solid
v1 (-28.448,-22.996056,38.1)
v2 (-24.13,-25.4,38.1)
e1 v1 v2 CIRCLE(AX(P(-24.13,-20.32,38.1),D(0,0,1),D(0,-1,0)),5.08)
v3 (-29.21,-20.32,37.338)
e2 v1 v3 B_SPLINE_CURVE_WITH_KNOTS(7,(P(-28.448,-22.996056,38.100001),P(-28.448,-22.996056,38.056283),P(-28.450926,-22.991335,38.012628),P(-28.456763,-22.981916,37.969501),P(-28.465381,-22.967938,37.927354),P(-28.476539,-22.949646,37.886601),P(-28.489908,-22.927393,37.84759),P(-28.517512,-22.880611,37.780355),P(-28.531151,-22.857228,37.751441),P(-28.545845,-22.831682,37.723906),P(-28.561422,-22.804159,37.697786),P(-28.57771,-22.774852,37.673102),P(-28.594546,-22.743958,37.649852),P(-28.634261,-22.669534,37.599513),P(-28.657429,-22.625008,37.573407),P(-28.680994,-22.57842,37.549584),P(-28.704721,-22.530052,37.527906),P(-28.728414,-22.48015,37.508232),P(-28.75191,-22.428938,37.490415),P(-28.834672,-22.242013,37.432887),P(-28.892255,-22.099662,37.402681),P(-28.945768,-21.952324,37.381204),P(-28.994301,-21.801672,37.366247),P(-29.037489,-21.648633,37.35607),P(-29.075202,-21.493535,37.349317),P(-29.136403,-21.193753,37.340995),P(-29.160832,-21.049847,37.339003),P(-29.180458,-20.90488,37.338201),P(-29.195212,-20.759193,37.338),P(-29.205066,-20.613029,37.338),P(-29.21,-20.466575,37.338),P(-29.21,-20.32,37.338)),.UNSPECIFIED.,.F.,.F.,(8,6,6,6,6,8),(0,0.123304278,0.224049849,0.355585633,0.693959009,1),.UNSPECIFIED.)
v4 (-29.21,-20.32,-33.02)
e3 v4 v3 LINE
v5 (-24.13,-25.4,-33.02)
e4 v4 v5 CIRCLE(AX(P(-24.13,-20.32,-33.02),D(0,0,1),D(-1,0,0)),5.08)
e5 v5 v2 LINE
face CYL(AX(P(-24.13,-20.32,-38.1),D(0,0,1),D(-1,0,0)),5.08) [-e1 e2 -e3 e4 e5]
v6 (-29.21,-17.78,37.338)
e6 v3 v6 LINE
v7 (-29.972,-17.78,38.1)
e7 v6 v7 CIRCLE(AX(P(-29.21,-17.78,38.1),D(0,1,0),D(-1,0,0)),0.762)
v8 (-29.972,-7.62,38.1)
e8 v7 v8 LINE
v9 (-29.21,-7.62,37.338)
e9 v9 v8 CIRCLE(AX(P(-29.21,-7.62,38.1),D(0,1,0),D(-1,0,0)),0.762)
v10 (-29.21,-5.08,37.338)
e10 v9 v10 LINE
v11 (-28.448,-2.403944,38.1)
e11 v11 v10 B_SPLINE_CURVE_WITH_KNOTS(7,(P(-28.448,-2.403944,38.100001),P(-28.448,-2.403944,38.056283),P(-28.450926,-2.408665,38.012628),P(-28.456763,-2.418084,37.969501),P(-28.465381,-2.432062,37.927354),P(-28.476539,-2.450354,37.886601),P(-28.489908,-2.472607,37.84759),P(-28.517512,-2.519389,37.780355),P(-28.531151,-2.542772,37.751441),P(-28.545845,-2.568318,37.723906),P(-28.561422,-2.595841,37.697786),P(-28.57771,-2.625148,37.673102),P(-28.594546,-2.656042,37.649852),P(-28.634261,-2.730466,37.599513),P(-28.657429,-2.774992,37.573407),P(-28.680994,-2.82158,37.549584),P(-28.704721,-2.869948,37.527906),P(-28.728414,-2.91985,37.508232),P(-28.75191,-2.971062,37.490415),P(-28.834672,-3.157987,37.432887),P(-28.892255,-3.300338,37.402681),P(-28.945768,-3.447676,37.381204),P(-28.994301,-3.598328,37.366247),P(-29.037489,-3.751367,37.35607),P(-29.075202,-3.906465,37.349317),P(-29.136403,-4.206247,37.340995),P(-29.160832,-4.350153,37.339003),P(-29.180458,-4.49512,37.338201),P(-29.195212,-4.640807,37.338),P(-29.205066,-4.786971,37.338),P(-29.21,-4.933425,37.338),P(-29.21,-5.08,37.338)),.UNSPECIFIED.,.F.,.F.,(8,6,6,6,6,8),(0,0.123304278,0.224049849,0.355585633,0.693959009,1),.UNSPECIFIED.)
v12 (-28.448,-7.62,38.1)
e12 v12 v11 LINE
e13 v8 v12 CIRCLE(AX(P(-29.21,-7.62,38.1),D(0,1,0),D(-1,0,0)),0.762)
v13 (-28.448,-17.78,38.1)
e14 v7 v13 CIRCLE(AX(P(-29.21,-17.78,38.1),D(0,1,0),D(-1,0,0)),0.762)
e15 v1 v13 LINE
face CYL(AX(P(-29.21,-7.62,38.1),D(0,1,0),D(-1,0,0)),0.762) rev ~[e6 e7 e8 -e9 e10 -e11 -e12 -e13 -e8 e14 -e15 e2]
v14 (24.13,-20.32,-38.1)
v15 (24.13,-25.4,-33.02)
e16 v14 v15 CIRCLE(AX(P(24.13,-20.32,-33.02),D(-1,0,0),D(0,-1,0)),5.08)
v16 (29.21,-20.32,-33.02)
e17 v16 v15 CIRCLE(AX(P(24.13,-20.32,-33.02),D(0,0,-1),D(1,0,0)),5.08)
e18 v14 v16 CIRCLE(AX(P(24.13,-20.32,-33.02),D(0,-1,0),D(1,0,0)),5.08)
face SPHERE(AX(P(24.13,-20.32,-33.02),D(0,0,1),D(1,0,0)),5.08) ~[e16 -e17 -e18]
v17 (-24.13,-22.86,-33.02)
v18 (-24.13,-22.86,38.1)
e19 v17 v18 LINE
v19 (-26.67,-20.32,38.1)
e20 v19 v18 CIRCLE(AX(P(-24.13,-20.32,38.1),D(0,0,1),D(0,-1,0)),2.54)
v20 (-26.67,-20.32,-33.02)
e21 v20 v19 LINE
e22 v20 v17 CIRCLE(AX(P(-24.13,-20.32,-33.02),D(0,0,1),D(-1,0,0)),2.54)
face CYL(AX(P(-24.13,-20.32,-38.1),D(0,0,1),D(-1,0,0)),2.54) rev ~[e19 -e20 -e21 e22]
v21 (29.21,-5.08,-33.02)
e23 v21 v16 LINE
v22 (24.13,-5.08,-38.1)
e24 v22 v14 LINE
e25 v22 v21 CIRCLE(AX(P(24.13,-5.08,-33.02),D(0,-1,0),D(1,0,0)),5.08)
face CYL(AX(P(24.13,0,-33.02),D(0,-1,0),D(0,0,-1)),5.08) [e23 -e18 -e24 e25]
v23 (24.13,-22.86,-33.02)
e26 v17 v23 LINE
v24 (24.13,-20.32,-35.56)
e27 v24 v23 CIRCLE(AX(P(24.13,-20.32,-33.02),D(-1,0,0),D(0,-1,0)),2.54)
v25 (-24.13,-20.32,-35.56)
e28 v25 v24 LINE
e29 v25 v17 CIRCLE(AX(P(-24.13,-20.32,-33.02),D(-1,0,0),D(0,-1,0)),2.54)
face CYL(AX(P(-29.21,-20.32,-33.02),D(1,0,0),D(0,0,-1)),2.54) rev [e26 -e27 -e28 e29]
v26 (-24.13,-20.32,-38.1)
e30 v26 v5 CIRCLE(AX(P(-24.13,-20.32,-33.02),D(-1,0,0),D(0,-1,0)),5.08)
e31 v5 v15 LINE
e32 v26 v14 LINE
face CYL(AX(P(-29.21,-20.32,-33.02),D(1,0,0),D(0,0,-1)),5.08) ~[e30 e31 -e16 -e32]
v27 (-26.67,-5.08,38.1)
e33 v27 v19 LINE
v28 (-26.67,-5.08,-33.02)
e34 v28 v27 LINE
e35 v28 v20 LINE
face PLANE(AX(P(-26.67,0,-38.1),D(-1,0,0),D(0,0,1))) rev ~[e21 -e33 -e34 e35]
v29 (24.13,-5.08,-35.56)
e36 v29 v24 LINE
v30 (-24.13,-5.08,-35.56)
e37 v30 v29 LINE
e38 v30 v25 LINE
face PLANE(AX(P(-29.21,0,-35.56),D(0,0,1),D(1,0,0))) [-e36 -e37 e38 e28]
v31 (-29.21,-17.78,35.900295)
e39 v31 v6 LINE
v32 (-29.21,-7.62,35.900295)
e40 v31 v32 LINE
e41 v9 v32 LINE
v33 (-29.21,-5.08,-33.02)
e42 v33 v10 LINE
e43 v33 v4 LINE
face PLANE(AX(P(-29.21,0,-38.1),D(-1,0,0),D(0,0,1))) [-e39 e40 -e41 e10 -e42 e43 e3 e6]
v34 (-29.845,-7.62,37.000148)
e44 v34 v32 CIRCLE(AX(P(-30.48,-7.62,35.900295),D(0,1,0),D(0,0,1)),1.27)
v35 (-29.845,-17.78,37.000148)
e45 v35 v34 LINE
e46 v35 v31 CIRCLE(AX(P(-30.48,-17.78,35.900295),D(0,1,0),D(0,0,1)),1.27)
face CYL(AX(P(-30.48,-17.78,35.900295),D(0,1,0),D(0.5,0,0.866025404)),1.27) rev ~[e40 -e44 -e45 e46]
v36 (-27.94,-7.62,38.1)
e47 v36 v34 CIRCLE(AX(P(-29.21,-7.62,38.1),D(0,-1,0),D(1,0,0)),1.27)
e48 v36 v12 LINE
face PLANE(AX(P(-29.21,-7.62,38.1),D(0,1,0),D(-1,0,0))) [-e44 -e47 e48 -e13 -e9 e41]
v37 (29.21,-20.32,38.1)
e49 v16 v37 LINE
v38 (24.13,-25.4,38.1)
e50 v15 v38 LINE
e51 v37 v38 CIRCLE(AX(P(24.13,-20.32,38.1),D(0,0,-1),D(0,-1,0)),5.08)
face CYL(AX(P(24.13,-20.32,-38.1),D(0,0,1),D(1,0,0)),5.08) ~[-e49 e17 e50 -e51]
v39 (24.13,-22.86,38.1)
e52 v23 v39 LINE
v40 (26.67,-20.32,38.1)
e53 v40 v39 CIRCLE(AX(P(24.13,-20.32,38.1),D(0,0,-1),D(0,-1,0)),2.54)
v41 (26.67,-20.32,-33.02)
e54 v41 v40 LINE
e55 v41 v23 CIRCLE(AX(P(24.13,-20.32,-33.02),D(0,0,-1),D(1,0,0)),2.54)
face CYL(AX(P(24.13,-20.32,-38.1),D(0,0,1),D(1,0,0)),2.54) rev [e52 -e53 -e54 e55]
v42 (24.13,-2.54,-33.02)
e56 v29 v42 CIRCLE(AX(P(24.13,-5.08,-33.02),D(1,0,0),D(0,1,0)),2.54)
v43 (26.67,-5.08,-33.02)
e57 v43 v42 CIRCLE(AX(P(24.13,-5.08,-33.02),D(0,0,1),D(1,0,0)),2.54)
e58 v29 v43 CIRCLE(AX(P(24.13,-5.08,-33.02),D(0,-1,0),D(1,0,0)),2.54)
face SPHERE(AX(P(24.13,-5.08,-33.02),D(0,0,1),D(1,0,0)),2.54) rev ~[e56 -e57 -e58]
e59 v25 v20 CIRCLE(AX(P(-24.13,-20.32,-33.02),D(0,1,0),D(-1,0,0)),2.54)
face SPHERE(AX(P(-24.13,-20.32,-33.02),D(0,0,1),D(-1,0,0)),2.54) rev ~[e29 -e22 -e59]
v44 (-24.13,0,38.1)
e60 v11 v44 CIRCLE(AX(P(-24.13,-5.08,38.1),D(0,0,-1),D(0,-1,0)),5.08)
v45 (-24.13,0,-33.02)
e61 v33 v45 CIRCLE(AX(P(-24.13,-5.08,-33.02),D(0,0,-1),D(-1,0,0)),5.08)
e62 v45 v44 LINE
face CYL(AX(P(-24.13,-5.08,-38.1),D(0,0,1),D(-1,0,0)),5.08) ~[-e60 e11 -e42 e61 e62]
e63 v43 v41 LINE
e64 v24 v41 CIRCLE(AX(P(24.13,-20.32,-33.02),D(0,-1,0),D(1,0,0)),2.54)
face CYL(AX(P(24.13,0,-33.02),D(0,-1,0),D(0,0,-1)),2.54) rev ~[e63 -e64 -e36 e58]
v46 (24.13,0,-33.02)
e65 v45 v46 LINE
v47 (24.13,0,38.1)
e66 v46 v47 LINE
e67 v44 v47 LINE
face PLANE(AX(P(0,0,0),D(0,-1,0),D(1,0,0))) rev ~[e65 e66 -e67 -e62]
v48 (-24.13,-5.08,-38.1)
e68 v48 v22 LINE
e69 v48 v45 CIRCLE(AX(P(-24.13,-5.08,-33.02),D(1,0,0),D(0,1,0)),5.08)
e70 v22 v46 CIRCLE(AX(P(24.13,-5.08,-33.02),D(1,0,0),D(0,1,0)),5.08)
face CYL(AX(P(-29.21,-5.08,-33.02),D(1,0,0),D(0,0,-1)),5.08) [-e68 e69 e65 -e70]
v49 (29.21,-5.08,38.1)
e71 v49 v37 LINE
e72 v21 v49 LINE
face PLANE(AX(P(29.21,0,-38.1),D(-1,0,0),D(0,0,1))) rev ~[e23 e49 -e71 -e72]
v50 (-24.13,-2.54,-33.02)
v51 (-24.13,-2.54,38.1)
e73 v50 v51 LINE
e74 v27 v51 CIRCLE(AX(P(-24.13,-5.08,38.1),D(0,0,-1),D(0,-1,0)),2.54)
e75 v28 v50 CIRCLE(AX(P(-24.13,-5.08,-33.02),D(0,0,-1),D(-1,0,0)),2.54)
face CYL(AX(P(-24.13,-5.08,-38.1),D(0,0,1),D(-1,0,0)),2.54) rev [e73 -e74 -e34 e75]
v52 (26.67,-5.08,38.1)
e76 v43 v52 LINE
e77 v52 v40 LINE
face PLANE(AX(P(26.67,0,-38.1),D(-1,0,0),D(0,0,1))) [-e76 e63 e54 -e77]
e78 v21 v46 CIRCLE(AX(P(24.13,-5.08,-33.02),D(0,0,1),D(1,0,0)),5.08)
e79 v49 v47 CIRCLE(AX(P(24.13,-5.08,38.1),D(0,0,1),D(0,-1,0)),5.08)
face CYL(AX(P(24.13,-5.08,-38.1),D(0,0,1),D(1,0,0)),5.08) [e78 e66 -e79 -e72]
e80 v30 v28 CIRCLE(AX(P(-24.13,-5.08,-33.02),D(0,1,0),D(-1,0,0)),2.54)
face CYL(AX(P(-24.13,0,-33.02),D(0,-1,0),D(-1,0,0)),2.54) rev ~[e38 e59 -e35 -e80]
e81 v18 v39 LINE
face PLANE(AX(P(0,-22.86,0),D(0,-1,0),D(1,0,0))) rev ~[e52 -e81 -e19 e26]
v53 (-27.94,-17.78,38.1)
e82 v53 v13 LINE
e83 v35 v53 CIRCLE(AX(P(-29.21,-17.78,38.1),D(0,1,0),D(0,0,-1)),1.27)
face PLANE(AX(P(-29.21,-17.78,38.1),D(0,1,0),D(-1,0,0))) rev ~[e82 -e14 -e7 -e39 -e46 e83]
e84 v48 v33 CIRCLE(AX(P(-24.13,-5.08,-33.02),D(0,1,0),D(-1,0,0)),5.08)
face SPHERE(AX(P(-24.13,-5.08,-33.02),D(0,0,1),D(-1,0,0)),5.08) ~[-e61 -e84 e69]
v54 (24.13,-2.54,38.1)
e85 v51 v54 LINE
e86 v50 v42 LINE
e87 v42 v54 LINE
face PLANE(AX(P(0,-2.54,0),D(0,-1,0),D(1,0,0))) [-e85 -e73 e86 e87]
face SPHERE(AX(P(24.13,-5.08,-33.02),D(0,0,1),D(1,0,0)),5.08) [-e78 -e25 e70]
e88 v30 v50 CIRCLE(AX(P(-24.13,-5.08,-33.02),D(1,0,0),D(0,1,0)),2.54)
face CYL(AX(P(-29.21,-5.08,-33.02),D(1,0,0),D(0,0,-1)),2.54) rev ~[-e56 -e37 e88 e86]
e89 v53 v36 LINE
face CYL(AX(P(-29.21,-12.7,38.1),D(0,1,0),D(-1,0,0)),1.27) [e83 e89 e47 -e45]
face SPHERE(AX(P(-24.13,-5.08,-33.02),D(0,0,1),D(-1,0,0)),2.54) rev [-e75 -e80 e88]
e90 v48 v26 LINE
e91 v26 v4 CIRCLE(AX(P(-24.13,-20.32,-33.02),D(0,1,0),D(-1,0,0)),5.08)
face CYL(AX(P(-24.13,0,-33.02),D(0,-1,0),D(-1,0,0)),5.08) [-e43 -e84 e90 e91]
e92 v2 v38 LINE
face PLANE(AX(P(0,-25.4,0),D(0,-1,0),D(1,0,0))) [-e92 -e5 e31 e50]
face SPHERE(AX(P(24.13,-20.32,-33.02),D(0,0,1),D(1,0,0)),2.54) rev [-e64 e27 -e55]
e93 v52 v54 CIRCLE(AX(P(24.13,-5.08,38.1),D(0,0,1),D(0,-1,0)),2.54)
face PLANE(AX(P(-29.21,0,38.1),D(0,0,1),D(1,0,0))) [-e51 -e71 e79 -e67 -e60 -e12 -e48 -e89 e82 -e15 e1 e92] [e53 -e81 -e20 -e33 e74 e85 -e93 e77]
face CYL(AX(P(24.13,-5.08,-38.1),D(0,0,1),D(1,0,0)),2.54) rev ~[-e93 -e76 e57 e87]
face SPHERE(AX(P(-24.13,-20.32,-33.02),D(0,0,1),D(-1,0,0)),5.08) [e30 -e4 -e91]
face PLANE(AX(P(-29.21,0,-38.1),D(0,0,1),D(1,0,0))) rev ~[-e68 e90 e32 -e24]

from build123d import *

# Parameters (mm, degrees)
F0_W     = 58.42
F0_H     = 76.2
F1_DEPTH = 25.4
F2_R     = 5.08
F3_T     = -2.54
F5_R     = 1.27
F6_DEPTH = 5.08
F7_R     = 1.27
F8_R     = 0.762
F9_DEPTH = 76.2


with BuildPart() as f1:
    # F0 (on Front) → F1 (new body)
    with BuildSketch(Plane.XZ):
        Rectangle(F0_W, F0_H)
    extrude(amount=F1_DEPTH)

    # F2
    f2_edges = [f1.edges().sort_by_distance(p)[0] for p in [
        (-29.21, -25.4, 0),
        (29.21, -25.4, 0),
        (29.21, 0, 0),
        (-29.21, 0, 0),
        (-29.21, -12.7, -38.1),
        (29.21, -12.7, -38.1),
        (0, 0, -38.1),
        (0, -25.4, -38.1),
    ]]
    fillet(f2_edges, radius=F2_R)

    # F3
    f3_openings = [f1.faces().sort_by_distance(p)[0] for p in [
        (0, -12.7, 38.1),
    ]]
    offset(amount=F3_T, openings=f3_openings)

    # F5 (on offset) → F6 (join, symmetric)
    with BuildSketch(Plane(origin=(0, -12.7, 0), x_dir=(-1, 0, 0), z_dir=(0, 1, 0))):
        with Locations((29.21, 38.1)):
            Circle(F5_R)
    extrude(amount=F6_DEPTH, both=True)

    # F7
    f7_edges = [f1.edges().sort_by_distance(p)[0] for p in [
        (-29.21, -12.7, 36.83),
    ]]
    fillet(f7_edges, radius=F7_R)

    # F8 (on face) → F9 (cut, symmetric)
    with BuildSketch(Plane(origin=(0, -7.62, 0), x_dir=(-1, 0, 0), z_dir=(0, 1, 0))):
        with Locations((29.21, 38.1)):
            Circle(F8_R)
    extrude(amount=F9_DEPTH, both=True, mode=Mode.SUBTRACT)


solid = f1.part
